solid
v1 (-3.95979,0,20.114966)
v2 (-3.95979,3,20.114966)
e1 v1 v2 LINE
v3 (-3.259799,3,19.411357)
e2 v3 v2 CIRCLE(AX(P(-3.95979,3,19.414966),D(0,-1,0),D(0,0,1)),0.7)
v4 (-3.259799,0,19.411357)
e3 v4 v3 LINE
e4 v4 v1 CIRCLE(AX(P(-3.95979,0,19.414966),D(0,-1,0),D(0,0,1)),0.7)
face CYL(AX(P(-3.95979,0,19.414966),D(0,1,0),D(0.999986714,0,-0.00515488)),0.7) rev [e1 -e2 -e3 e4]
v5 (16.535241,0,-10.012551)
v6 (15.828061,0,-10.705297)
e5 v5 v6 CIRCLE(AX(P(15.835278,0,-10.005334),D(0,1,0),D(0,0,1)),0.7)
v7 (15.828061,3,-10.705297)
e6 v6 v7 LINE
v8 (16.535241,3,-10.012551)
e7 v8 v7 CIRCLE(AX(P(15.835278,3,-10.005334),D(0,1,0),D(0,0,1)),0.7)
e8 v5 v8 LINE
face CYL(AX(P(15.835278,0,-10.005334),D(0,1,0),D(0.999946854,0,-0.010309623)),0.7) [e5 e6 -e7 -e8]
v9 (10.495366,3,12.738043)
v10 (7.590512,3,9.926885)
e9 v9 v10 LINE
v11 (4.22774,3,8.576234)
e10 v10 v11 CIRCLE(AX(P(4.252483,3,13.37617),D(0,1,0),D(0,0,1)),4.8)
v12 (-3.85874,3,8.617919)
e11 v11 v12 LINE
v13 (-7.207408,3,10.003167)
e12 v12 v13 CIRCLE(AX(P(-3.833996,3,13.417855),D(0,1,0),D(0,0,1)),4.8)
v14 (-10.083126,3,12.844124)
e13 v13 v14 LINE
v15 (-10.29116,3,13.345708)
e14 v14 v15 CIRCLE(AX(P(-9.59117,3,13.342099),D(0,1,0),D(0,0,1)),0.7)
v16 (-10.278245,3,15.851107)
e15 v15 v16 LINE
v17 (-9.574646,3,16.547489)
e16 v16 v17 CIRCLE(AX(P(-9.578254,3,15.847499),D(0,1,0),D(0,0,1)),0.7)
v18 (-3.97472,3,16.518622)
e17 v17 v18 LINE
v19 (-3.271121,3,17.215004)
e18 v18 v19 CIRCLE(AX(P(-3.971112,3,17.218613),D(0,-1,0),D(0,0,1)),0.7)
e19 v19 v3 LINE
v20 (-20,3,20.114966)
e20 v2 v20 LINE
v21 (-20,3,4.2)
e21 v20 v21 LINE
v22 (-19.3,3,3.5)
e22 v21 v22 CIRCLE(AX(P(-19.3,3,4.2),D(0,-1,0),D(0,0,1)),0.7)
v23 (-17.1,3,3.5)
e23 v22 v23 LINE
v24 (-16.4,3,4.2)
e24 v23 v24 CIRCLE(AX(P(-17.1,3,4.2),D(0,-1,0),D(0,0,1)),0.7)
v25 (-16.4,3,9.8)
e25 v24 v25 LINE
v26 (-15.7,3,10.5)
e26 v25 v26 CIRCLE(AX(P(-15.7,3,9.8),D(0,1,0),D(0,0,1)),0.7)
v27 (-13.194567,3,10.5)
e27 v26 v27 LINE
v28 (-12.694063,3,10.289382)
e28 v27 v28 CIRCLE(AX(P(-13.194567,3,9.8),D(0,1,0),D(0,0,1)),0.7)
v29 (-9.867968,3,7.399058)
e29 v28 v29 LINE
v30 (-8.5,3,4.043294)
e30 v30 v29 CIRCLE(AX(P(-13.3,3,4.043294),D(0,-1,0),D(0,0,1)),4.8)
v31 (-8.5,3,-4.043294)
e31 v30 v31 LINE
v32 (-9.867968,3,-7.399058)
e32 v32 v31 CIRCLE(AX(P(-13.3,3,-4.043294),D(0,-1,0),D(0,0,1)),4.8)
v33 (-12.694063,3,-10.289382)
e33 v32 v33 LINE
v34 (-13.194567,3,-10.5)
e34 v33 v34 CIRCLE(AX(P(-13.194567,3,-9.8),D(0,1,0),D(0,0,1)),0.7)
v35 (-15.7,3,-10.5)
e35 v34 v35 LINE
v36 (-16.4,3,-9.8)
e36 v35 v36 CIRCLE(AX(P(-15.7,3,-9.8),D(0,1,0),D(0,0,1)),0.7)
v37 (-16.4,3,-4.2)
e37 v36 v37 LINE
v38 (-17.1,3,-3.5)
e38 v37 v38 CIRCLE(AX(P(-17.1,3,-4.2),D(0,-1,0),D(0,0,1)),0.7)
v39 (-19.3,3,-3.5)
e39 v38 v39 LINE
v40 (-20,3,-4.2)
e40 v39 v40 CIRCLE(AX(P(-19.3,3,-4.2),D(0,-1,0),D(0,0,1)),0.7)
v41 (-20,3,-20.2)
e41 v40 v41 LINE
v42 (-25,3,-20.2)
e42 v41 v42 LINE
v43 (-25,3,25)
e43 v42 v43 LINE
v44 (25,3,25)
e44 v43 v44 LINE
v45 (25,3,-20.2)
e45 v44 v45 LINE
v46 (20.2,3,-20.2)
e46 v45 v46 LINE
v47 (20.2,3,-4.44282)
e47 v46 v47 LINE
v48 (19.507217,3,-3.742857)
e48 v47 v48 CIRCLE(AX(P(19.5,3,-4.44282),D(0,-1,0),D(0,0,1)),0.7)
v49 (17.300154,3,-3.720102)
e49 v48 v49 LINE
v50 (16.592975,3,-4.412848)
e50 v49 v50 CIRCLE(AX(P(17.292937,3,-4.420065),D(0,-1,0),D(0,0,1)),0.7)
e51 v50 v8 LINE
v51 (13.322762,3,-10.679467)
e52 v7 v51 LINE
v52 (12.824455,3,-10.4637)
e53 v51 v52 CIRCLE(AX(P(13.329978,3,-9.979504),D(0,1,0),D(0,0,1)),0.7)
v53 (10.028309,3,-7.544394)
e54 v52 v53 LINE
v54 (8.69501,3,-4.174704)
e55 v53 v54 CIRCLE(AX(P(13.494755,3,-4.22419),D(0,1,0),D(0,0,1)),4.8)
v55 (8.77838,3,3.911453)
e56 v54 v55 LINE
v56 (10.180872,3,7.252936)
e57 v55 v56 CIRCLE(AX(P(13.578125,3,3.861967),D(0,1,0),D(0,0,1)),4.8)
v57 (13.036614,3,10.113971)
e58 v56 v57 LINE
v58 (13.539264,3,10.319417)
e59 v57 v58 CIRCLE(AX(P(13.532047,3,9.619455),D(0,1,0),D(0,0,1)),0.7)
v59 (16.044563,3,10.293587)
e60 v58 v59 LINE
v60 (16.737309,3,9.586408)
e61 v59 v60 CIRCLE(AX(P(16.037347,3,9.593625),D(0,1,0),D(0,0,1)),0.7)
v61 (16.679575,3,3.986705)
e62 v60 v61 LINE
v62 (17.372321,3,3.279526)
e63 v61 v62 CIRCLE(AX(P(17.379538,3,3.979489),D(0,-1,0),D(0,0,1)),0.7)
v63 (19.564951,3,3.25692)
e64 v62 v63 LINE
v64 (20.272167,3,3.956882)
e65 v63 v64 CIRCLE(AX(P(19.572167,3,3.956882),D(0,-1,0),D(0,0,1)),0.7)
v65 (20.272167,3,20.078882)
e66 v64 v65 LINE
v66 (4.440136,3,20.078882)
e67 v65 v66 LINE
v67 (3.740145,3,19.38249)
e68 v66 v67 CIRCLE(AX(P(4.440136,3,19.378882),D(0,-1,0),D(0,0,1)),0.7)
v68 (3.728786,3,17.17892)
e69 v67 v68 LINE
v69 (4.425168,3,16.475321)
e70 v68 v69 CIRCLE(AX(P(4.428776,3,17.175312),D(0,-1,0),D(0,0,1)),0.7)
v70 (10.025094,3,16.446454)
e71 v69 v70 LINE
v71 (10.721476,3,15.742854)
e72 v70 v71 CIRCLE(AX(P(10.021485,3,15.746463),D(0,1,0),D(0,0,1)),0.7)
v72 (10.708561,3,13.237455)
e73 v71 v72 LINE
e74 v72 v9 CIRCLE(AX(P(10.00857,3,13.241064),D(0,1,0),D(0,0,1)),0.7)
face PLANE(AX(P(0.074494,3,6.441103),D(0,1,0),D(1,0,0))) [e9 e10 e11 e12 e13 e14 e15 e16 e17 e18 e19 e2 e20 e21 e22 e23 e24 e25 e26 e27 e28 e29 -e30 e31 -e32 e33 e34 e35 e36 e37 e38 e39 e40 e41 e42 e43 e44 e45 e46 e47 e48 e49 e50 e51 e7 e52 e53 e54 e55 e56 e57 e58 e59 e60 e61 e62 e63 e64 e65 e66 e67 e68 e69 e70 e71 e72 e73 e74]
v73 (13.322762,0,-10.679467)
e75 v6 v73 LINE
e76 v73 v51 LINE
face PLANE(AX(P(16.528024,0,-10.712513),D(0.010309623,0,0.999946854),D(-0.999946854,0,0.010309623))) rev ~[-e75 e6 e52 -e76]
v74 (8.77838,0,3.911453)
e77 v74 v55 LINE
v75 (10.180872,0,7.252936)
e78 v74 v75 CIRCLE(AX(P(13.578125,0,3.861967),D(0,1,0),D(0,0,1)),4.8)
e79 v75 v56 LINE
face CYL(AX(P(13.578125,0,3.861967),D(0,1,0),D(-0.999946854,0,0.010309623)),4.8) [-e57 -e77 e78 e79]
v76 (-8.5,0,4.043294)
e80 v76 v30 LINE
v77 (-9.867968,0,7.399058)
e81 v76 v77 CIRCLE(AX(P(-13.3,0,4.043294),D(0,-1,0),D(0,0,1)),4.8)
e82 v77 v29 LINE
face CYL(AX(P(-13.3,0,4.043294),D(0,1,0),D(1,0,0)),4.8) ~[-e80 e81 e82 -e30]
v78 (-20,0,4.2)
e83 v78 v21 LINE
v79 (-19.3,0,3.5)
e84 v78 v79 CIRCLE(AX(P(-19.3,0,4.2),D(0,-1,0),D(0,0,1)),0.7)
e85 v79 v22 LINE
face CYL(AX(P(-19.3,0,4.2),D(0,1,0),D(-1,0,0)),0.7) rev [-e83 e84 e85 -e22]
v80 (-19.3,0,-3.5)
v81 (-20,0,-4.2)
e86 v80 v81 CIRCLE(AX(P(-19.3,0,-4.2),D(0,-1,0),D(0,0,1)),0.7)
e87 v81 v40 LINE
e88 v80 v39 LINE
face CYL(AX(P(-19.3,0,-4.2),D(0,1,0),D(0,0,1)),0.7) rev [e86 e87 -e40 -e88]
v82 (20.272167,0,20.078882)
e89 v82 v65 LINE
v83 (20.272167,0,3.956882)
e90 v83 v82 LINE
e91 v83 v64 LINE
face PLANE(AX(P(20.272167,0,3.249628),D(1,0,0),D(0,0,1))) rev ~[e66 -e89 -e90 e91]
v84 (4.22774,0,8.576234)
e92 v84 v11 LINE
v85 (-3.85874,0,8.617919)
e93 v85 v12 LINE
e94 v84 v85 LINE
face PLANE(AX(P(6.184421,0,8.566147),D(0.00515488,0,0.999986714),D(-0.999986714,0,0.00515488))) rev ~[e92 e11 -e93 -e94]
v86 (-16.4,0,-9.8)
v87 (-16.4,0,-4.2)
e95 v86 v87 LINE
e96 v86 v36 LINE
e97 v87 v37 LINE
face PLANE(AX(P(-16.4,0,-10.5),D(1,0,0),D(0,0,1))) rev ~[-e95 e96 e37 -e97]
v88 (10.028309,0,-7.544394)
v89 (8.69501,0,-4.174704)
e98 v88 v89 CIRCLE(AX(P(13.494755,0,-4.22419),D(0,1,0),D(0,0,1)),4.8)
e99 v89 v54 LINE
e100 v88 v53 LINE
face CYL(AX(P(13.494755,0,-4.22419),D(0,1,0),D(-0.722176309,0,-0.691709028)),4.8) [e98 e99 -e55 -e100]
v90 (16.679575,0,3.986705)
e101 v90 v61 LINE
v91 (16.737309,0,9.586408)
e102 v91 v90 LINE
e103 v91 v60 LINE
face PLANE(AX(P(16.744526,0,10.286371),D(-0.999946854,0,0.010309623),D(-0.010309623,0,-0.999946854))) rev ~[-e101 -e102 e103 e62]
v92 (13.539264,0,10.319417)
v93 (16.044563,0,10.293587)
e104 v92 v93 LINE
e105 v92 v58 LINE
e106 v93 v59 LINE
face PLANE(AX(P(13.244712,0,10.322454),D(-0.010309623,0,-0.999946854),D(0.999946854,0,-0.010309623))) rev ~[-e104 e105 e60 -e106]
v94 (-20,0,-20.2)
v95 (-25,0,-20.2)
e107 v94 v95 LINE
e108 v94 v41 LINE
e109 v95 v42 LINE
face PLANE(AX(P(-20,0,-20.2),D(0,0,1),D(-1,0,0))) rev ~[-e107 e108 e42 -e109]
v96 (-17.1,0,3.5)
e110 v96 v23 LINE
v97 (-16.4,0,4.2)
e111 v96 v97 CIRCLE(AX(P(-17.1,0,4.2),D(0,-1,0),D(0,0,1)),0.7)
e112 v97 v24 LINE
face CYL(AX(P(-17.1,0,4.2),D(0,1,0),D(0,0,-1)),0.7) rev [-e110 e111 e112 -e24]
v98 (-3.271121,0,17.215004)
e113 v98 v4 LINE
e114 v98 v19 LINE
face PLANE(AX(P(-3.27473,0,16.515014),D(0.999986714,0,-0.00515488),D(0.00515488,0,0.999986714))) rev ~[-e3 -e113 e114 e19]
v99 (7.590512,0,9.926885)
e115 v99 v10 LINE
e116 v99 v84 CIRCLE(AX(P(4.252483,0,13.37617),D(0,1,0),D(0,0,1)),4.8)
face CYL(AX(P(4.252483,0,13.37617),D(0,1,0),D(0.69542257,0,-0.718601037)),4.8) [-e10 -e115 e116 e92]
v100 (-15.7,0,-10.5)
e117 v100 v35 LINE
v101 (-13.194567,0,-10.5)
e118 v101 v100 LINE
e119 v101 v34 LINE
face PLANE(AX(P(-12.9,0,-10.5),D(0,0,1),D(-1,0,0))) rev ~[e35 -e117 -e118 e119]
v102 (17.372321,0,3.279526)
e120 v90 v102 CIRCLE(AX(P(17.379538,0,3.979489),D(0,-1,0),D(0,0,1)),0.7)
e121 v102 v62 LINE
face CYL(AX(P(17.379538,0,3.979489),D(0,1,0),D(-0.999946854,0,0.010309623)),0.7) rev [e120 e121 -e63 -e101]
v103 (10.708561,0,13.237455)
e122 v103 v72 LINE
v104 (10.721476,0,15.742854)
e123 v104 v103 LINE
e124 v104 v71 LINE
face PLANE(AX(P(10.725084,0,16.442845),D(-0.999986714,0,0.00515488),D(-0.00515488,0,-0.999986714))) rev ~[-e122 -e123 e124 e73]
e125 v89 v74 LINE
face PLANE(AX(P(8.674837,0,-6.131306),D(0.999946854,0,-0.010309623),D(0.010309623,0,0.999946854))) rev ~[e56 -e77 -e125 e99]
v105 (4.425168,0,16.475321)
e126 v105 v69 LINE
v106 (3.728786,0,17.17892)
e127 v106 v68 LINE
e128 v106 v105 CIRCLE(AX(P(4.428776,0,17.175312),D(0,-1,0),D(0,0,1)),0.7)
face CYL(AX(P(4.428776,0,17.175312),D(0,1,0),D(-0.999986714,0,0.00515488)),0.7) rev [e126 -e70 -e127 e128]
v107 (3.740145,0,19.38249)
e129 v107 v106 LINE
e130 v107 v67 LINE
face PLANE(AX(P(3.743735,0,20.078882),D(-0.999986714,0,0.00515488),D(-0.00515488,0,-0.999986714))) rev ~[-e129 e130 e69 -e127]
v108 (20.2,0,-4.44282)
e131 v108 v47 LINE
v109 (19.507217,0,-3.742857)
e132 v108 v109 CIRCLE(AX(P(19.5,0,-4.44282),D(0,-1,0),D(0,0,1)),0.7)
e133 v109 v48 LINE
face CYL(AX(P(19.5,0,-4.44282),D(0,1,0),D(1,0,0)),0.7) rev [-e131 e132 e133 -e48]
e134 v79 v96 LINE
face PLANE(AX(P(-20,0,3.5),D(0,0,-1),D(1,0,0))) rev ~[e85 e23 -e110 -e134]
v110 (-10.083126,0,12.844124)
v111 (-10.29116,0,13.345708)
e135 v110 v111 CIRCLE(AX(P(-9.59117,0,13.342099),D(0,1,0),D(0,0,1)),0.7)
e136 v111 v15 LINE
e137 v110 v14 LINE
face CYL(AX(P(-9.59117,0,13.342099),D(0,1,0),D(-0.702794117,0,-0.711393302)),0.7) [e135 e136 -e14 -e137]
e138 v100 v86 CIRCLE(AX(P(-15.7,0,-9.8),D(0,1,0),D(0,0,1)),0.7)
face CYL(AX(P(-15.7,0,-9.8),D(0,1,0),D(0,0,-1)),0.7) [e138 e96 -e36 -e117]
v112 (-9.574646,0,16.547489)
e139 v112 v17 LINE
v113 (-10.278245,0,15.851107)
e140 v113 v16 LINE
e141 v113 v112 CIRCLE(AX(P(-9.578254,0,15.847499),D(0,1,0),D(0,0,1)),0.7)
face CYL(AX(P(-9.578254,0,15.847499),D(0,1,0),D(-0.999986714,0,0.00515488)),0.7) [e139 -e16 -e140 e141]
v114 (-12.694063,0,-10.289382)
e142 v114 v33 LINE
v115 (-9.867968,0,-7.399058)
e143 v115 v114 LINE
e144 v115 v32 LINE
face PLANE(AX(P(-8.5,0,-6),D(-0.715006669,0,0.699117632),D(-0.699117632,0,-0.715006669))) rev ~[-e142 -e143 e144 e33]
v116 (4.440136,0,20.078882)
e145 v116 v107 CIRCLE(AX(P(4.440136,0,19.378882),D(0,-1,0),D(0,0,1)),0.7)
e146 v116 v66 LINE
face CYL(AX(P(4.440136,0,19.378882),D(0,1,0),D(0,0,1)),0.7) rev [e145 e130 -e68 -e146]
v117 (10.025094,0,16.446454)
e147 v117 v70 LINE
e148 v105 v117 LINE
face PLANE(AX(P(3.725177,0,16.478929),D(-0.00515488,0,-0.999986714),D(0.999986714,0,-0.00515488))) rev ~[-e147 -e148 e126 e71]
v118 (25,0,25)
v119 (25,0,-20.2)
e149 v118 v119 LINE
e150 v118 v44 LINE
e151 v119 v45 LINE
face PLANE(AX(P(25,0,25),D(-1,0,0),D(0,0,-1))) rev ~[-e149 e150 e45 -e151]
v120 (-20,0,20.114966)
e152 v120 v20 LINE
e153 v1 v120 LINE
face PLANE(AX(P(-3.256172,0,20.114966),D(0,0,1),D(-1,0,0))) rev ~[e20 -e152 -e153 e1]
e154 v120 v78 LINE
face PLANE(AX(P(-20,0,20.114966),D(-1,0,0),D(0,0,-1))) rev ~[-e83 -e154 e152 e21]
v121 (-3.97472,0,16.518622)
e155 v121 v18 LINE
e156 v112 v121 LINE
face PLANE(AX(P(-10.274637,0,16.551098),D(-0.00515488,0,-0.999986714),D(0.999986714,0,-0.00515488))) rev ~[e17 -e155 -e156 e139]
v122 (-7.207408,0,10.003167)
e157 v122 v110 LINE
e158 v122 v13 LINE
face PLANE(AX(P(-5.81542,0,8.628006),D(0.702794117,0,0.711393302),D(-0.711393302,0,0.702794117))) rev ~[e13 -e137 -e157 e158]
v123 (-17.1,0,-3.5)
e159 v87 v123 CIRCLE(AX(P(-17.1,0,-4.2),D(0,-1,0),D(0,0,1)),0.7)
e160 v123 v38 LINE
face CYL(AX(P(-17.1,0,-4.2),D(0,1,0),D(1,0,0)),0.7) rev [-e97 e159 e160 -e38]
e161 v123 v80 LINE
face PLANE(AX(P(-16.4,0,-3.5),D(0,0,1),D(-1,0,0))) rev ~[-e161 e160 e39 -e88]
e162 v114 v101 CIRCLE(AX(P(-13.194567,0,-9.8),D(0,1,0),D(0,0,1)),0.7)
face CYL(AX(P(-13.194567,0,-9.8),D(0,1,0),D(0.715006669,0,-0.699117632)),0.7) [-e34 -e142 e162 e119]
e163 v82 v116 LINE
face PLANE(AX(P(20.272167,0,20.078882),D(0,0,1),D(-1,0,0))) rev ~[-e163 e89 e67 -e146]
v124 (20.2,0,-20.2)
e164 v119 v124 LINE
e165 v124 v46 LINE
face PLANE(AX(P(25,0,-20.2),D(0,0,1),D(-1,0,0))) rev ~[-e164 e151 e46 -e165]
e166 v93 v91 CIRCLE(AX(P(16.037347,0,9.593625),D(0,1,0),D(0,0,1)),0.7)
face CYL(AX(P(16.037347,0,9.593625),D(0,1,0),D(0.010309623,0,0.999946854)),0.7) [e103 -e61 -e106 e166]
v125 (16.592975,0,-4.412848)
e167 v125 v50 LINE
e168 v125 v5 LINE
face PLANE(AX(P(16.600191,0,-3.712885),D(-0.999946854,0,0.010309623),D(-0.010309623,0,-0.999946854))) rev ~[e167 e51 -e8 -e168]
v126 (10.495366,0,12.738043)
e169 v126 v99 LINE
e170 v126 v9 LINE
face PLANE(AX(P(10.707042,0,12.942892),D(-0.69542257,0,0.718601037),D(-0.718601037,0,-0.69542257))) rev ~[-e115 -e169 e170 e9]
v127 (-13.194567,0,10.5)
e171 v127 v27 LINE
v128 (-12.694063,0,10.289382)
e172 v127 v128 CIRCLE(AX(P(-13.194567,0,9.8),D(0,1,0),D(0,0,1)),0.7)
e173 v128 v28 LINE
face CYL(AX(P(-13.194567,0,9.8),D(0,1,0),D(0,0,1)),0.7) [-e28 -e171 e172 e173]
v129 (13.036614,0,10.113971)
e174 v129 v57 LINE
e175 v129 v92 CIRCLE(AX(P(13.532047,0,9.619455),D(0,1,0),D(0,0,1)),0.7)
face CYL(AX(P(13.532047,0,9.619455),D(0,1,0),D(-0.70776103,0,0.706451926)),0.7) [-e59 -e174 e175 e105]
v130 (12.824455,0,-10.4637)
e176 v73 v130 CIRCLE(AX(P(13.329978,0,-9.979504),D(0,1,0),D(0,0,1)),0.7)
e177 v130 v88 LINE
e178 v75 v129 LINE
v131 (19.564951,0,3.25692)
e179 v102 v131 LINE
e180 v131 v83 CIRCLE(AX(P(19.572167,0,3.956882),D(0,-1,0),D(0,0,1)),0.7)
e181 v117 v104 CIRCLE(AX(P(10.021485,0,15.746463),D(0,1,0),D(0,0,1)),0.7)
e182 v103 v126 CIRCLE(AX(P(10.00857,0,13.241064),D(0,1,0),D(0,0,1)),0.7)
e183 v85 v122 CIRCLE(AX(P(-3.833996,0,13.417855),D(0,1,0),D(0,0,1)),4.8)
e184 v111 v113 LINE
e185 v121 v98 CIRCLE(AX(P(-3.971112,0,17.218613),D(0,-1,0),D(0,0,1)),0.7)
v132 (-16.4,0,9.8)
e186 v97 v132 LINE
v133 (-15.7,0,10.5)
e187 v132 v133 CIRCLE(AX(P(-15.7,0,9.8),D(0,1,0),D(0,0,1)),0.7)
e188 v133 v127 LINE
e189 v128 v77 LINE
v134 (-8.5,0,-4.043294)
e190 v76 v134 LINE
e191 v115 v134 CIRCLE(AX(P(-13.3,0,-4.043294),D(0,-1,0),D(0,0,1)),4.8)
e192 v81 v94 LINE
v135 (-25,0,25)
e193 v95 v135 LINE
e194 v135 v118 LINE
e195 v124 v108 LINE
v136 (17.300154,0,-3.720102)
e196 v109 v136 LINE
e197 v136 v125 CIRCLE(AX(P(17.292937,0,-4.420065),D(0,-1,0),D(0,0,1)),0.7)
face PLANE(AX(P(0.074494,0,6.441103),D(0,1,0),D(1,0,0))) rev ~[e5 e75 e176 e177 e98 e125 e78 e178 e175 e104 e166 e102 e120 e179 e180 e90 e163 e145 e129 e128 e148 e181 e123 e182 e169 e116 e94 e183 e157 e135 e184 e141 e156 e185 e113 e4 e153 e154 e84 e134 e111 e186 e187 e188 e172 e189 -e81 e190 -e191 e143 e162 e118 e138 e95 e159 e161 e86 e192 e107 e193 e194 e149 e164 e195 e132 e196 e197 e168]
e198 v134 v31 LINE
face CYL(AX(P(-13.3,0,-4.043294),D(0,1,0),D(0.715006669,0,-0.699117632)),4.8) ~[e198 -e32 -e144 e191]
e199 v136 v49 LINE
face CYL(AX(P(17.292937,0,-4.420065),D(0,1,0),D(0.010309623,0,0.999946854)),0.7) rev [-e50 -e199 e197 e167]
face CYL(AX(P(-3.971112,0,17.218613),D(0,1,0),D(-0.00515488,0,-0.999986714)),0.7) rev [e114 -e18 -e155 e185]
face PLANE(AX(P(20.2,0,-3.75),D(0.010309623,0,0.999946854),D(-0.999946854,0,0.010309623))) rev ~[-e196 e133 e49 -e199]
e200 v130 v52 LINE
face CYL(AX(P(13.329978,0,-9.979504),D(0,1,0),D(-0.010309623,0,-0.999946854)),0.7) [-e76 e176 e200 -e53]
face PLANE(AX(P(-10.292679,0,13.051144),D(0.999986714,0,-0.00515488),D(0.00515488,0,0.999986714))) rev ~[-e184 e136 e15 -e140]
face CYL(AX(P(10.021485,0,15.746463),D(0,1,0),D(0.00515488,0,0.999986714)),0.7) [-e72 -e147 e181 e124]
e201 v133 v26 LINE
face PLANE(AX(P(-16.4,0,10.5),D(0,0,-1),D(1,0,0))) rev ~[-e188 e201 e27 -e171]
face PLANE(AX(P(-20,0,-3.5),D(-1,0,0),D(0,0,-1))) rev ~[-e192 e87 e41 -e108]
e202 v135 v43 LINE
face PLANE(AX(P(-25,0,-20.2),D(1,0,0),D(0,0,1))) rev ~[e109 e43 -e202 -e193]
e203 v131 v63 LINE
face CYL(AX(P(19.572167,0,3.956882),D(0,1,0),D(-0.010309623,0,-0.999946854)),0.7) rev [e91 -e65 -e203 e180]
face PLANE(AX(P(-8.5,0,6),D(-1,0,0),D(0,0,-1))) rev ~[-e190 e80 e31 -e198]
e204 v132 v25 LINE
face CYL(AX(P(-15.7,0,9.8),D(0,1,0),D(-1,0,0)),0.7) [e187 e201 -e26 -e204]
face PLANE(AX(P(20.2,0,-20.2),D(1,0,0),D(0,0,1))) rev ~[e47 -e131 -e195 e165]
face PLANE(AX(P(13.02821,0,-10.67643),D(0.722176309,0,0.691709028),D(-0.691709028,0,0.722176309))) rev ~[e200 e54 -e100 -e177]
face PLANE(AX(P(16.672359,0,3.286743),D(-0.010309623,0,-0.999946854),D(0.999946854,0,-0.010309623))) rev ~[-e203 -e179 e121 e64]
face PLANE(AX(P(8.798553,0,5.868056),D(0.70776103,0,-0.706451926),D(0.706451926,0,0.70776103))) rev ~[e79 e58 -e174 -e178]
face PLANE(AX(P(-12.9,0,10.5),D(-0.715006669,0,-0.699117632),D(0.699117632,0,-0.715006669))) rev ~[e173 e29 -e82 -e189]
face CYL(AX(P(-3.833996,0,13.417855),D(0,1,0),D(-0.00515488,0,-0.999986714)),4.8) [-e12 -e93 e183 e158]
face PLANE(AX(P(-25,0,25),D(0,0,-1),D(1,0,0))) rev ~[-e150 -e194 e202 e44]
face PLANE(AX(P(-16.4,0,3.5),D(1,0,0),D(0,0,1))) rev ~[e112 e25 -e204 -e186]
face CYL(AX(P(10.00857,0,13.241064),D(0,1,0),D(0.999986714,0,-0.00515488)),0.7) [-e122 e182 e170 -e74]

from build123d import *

# Parameters (mm, degrees)
BOSS_EXTRUDE1_DEPTH = 3
FILLET4_R           = 0.7
FILLET5_R           = 4.8


with BuildPart() as part:
    # Sketch1 → Boss-Extrude1 (new body)
    with BuildSketch(Plane(origin=(0, 0, 0), x_dir=(1, 0, 0), z_dir=(0, 1, 0))):
        Polygon((-25, -25), (25, -25), (25, 20.2), (20.2, 20.2), (20.2, 3.75), (16.600191324, 3.712885357), (16.528023963, 10.712513338), (13.028209972, 10.676429657), (8.674837116, 6.131306471), (8.798552593, -5.868055782), (13.244712056, -10.322454286), (16.744526047, -10.286370605), (16.672358686, -3.286742624), (20.272167361, -3.249627981), (20.272167361, -20.078881527), (3.743734852, -20.078881527), (3.725177284, -16.478929358), (10.725084279, -16.442845198), (10.707042199, -12.942891701), (6.184420516, -8.566147121), (-5.815420046, -8.628005682), (-10.292678785, -13.051144181), (-10.274636705, -16.551097679), (-3.27472971, -16.515013518), (-3.256172142, -20.114965687), (-20, -20.114965687), (-20, -3.5), (-16.4, -3.5), (-16.4, -10.5), (-12.9, -10.5), (-8.5, -6), (-8.5, 6), (-12.9, 10.5), (-16.4, 10.5), (-16.4, 3.5), (-20, 3.5), (-20, 20.2), (-25, 20.2), align=None)
    extrude(amount=BOSS_EXTRUDE1_DEPTH)

    # Fillet4
    fillet4_edges = [part.edges().sort_by_distance(p)[0] for p in [
        (-3.27472971, 1.5, 16.515013518),
        (-10.274636705, 1.5, 16.551097679),
        (-10.292678785, 1.5, 13.051144181),
        (10.707042199, 1.5, 12.942891701),
        (10.725084279, 1.5, 16.442845198),
        (3.725177284, 1.5, 16.478929358),
        (3.743734852, 1.5, 20.078881527),
        (20.272167361, 1.5, 3.249627981),
        (16.672358686, 1.5, 3.286742624),
        (16.744526047, 1.5, 10.286370605),
        (13.244712056, 1.5, 10.322454286),
        (13.028209972, 1.5, -10.676429657),
        (16.528023963, 1.5, -10.712513338),
        (16.600191324, 1.5, -3.712885357),
        (20.2, 1.5, -3.75),
        (-20, 1.5, -3.5),
        (-16.4, 1.5, -3.5),
        (-16.4, 1.5, -10.5),
        (-12.9, 1.5, -10.5),
        (-12.9, 1.5, 10.5),
        (-16.4, 1.5, 10.5),
        (-16.4, 1.5, 3.5),
        (-20, 1.5, 3.5),
        (-3.256172142, 1.5, 20.114965687),
    ]]
    fillet(fillet4_edges, radius=FILLET4_R)

    # Fillet5
    fillet5_edges = [part.edges().sort_by_distance(p)[0] for p in [
        (-5.815420046, 1.5, 8.628005682),
        (6.184420516, 1.5, 8.566147121),
        (8.798552593, 1.5, 5.868055782),
        (8.674837116, 1.5, -6.131306471),
        (-8.5, 1.5, -6),
        (-8.5, 1.5, 6),
    ]]
    fillet(fillet5_edges, radius=FILLET5_R)


solid = part.part
